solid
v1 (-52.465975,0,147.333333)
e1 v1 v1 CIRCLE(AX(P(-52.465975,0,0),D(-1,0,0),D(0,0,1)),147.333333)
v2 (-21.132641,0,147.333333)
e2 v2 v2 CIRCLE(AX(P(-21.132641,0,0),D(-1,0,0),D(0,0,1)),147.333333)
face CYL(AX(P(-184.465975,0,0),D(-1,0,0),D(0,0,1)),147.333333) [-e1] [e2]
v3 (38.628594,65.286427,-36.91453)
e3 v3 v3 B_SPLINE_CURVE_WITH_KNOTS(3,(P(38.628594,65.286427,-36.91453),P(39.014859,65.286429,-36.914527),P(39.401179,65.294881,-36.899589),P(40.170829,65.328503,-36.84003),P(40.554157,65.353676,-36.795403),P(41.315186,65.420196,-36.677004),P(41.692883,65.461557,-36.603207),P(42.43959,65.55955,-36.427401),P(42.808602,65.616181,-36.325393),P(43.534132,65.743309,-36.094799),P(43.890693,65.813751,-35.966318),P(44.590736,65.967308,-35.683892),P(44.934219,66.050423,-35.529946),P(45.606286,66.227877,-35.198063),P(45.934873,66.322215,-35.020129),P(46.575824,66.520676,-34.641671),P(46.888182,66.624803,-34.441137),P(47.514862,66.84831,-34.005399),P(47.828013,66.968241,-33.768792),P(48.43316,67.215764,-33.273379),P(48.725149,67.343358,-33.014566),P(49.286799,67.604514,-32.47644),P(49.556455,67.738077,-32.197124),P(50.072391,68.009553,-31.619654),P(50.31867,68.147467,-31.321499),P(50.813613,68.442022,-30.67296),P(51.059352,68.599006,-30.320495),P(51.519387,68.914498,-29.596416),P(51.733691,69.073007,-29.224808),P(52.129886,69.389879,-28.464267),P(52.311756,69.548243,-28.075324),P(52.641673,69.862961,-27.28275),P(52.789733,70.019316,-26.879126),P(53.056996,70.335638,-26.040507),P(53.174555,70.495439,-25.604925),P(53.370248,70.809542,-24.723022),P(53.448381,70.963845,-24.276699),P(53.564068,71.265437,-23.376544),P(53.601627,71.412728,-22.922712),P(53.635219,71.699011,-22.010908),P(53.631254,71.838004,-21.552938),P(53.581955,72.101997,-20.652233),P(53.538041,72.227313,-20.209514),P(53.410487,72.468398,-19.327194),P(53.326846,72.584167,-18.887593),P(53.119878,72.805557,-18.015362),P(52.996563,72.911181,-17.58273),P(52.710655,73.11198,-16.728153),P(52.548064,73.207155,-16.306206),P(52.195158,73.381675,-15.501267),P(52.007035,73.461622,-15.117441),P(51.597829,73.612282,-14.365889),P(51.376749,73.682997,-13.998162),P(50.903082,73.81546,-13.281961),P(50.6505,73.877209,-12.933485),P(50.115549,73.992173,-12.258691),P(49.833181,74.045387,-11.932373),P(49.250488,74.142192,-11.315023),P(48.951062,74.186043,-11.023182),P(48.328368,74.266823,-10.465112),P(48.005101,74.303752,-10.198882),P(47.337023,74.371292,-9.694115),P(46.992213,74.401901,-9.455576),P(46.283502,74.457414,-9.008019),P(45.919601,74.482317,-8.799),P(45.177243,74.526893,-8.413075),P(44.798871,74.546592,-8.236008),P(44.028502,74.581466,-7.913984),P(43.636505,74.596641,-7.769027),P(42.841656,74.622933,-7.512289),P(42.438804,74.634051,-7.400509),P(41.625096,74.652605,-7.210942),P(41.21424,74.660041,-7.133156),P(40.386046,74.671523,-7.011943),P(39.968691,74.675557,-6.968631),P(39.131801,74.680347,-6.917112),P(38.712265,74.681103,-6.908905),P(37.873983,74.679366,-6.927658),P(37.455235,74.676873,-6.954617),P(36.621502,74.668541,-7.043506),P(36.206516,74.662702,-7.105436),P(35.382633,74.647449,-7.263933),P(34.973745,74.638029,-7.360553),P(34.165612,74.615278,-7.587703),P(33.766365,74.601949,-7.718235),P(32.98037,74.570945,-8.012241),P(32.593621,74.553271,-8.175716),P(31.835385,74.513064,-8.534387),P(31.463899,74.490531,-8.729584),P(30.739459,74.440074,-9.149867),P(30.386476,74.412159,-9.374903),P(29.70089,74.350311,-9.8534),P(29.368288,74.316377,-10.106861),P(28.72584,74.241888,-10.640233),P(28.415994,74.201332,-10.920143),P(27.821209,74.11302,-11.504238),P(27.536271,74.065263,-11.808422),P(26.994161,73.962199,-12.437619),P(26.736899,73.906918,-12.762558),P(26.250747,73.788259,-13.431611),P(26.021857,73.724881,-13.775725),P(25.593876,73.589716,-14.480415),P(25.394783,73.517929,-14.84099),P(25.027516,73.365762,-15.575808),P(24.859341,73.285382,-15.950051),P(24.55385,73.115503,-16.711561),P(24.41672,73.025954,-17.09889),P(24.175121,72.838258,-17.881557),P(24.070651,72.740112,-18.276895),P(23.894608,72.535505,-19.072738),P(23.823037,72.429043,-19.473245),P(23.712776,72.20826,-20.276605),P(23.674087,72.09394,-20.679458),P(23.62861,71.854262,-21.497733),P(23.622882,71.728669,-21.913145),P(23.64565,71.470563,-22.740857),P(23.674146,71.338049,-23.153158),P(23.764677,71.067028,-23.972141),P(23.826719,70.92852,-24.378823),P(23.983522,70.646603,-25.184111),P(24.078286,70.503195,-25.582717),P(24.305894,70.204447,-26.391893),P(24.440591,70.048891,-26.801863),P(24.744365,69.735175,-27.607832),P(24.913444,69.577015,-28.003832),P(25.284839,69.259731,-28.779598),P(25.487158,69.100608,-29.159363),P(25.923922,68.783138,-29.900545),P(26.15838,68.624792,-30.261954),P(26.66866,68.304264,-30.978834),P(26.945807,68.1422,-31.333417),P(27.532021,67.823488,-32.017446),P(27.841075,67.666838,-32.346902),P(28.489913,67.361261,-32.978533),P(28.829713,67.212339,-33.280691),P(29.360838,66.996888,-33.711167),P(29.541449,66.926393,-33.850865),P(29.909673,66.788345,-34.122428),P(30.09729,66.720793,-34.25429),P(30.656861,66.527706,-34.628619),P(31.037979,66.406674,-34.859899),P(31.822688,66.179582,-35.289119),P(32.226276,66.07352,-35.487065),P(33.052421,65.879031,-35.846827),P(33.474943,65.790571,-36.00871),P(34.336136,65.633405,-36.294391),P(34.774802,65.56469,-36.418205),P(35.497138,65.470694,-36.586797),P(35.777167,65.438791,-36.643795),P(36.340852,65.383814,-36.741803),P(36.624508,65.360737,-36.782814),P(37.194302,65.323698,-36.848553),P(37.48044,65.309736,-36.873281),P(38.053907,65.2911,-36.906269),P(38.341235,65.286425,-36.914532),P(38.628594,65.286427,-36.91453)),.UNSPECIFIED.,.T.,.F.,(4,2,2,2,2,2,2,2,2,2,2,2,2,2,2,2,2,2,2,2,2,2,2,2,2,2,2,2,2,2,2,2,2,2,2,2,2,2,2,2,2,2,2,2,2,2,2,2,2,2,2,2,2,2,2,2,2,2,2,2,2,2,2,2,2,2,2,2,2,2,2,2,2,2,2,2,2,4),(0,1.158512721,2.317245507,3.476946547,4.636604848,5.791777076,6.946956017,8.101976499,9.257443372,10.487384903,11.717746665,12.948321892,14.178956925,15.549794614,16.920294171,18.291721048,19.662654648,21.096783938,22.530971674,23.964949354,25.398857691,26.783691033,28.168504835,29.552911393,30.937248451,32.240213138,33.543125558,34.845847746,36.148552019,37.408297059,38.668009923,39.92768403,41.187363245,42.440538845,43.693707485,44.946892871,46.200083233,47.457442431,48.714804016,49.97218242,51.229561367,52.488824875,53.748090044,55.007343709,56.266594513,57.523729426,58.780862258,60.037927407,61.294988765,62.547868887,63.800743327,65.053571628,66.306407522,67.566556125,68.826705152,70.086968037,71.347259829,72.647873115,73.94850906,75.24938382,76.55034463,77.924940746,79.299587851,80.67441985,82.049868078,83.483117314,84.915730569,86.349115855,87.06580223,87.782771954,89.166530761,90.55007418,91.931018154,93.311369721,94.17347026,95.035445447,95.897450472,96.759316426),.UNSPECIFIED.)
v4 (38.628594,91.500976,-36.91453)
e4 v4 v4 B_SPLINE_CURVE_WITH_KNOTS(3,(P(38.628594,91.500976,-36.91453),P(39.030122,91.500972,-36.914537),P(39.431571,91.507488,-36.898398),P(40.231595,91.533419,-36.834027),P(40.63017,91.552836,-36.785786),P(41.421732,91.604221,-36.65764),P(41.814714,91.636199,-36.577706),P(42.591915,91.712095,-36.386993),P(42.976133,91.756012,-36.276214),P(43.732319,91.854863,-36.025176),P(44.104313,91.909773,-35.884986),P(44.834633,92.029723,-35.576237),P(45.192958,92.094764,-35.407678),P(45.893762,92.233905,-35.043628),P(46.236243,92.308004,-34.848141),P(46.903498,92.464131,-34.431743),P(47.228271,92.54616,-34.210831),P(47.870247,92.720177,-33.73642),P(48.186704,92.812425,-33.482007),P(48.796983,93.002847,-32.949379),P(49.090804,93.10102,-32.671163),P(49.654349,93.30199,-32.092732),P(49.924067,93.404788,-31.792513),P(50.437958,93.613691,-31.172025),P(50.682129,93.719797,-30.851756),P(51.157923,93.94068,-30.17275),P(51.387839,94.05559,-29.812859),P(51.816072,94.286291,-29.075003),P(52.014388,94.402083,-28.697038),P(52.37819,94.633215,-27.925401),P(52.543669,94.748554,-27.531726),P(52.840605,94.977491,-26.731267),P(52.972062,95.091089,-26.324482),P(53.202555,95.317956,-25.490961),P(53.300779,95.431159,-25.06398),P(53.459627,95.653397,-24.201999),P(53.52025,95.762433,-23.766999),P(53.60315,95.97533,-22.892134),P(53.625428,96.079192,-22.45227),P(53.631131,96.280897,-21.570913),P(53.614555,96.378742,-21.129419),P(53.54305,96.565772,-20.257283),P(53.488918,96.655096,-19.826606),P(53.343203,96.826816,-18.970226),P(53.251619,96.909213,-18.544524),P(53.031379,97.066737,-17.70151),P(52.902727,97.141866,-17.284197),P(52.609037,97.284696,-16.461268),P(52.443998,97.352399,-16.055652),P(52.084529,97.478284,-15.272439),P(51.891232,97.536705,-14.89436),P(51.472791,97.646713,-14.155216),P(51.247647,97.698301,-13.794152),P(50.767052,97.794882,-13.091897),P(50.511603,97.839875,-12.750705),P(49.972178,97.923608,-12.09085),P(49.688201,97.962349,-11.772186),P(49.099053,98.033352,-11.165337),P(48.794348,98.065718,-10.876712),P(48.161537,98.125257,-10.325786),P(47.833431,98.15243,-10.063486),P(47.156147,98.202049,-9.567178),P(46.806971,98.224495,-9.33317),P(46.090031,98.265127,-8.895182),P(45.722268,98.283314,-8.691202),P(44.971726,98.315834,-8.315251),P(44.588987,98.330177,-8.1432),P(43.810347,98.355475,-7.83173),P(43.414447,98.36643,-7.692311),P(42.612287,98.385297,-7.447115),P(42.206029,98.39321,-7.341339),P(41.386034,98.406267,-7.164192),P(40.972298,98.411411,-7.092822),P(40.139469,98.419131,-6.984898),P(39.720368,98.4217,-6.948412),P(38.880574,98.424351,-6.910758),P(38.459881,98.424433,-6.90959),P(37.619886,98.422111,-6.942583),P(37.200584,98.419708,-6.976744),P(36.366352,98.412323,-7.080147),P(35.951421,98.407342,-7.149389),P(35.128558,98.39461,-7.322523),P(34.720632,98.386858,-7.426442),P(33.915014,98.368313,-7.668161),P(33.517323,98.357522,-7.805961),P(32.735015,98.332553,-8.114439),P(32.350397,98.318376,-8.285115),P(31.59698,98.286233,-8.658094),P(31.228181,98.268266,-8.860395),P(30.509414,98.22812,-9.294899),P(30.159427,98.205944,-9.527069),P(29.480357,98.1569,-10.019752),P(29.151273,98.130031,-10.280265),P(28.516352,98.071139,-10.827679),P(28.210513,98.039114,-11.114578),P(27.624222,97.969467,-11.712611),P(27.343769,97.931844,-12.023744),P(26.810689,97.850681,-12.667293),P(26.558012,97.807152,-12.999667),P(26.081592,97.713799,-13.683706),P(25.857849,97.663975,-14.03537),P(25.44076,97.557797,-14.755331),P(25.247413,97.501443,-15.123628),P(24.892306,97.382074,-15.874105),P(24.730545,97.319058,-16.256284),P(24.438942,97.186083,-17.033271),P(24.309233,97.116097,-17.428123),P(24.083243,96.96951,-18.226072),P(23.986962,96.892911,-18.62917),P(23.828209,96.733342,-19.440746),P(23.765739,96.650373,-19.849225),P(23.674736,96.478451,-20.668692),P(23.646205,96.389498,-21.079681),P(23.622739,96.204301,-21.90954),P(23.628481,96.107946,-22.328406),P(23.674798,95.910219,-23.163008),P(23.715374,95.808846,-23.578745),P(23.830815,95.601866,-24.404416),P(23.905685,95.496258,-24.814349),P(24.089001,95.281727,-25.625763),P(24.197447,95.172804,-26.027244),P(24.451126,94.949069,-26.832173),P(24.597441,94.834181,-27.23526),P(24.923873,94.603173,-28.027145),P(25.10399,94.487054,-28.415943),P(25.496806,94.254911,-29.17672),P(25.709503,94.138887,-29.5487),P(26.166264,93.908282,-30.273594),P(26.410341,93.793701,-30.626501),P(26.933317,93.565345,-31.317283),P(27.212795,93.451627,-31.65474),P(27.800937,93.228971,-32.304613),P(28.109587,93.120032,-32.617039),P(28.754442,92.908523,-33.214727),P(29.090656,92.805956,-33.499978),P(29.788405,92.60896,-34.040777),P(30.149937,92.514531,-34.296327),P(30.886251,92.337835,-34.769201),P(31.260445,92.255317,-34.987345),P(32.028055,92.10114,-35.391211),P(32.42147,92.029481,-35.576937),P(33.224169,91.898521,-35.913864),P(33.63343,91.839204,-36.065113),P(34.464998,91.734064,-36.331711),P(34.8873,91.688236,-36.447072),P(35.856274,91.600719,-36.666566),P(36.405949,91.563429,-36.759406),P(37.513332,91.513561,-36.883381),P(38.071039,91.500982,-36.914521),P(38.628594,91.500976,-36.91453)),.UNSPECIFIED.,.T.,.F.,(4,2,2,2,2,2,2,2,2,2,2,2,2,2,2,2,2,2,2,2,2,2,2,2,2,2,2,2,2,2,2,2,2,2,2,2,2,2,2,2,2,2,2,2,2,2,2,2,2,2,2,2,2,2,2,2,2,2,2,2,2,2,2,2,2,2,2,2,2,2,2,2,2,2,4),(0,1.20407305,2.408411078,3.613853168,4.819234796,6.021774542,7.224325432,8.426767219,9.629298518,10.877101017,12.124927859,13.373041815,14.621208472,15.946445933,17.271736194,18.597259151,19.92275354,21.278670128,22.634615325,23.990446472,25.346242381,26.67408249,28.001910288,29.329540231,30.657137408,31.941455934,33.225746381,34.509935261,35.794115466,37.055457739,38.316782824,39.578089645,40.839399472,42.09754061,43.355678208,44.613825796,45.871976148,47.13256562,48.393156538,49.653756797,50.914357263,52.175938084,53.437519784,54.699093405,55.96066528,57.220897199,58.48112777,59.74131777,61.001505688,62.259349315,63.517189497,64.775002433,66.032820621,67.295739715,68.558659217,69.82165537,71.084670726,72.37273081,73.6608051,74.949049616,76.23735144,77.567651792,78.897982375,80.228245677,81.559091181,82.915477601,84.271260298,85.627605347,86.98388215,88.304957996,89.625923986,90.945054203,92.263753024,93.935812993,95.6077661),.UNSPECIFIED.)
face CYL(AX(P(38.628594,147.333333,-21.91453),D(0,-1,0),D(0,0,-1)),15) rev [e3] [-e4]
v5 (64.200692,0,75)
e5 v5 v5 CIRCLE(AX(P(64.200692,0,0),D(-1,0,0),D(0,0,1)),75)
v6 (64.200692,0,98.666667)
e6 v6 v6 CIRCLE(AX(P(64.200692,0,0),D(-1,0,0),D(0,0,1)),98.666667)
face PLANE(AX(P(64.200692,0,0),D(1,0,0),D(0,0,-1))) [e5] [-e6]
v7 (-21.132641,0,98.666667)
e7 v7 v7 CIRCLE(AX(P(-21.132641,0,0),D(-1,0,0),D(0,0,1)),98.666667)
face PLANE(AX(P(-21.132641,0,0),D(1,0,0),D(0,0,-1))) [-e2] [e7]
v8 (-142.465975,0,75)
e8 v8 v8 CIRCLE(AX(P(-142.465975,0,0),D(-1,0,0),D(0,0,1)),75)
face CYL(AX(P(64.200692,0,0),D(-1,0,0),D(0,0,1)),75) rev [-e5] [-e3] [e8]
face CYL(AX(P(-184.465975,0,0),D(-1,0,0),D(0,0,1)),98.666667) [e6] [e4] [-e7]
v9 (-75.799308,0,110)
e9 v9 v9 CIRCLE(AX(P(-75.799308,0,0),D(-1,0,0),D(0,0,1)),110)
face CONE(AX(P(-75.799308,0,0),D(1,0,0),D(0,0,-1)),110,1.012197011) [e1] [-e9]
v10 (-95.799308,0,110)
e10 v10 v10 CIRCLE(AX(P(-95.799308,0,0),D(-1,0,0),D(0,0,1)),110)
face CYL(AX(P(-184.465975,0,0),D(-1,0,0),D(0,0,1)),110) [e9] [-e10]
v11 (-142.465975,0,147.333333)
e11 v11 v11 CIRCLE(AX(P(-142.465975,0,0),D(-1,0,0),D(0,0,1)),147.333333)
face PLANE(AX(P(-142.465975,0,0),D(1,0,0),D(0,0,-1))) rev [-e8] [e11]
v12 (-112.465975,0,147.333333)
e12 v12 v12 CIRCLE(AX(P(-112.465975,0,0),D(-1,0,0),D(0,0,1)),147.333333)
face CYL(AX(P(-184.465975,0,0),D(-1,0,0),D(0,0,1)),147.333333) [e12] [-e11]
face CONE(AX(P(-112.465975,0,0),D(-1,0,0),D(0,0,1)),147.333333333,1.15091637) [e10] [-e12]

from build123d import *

# Parameters (mm, degrees)
SKETCH1_W          = 201.666666667
SKETCH1_H          = 73.666666667
SKETCH9_R          = 75
CUT_EXTRUDE1_DEPTH = 294.471179732
SKETCH14_R         = 15
CUT_EXTRUDE4_DEPTH = 268.773118171


with BuildPart() as part:
    # Sketch1 → Revolve4 (revolve)
    with BuildSketch(Plane.XY, mode=Mode.PRIVATE) as revolve4_sk:
        with Locations((-36.632641292, 36.833333334)):
            Rectangle(SKETCH1_W, SKETCH1_H)
        Polygon((-112.465974625, 147.333333333), (-142.465974625, 147.333333333), (-142.465974625, 0), (-137.465974625, 0), (-137.465974625, 73.666666667), (64.200692042, 73.666666667), (64.200692042, 98.666666667), (-21.132641292, 98.666666667), (-21.132641292, 147.333333333), (-52.465974625, 147.333333333), (-75.799307958, 110), (-95.799307958, 110), align=None)
    revolve(revolve4_sk.sketch.rotate(Axis((-184.465974625, 0, 0), (1, 0, 0)), 90), axis=Axis((-184.465974625, 0, 0), (1, 0, 0)))

    # Sketch9 → Cut-Extrude1 (cut, through all)
    with BuildSketch(Plane.ZY.offset(142.465974625)):
        Circle(SKETCH9_R)
    extrude(amount=-CUT_EXTRUDE1_DEPTH, mode=Mode.SUBTRACT)

    # Sketch14 → Cut-Extrude4 (cut, through all)
    with BuildSketch(Plane(origin=(0, 25, 0), x_dir=(1, 0, 0), z_dir=(0, 1, 0))):
        with Locations(Location((38.628593536, 21.914529815, 0), (0, 0, 90))):
            Circle(SKETCH14_R)
    extrude(amount=CUT_EXTRUDE4_DEPTH, mode=Mode.SUBTRACT)


solid = part.part
